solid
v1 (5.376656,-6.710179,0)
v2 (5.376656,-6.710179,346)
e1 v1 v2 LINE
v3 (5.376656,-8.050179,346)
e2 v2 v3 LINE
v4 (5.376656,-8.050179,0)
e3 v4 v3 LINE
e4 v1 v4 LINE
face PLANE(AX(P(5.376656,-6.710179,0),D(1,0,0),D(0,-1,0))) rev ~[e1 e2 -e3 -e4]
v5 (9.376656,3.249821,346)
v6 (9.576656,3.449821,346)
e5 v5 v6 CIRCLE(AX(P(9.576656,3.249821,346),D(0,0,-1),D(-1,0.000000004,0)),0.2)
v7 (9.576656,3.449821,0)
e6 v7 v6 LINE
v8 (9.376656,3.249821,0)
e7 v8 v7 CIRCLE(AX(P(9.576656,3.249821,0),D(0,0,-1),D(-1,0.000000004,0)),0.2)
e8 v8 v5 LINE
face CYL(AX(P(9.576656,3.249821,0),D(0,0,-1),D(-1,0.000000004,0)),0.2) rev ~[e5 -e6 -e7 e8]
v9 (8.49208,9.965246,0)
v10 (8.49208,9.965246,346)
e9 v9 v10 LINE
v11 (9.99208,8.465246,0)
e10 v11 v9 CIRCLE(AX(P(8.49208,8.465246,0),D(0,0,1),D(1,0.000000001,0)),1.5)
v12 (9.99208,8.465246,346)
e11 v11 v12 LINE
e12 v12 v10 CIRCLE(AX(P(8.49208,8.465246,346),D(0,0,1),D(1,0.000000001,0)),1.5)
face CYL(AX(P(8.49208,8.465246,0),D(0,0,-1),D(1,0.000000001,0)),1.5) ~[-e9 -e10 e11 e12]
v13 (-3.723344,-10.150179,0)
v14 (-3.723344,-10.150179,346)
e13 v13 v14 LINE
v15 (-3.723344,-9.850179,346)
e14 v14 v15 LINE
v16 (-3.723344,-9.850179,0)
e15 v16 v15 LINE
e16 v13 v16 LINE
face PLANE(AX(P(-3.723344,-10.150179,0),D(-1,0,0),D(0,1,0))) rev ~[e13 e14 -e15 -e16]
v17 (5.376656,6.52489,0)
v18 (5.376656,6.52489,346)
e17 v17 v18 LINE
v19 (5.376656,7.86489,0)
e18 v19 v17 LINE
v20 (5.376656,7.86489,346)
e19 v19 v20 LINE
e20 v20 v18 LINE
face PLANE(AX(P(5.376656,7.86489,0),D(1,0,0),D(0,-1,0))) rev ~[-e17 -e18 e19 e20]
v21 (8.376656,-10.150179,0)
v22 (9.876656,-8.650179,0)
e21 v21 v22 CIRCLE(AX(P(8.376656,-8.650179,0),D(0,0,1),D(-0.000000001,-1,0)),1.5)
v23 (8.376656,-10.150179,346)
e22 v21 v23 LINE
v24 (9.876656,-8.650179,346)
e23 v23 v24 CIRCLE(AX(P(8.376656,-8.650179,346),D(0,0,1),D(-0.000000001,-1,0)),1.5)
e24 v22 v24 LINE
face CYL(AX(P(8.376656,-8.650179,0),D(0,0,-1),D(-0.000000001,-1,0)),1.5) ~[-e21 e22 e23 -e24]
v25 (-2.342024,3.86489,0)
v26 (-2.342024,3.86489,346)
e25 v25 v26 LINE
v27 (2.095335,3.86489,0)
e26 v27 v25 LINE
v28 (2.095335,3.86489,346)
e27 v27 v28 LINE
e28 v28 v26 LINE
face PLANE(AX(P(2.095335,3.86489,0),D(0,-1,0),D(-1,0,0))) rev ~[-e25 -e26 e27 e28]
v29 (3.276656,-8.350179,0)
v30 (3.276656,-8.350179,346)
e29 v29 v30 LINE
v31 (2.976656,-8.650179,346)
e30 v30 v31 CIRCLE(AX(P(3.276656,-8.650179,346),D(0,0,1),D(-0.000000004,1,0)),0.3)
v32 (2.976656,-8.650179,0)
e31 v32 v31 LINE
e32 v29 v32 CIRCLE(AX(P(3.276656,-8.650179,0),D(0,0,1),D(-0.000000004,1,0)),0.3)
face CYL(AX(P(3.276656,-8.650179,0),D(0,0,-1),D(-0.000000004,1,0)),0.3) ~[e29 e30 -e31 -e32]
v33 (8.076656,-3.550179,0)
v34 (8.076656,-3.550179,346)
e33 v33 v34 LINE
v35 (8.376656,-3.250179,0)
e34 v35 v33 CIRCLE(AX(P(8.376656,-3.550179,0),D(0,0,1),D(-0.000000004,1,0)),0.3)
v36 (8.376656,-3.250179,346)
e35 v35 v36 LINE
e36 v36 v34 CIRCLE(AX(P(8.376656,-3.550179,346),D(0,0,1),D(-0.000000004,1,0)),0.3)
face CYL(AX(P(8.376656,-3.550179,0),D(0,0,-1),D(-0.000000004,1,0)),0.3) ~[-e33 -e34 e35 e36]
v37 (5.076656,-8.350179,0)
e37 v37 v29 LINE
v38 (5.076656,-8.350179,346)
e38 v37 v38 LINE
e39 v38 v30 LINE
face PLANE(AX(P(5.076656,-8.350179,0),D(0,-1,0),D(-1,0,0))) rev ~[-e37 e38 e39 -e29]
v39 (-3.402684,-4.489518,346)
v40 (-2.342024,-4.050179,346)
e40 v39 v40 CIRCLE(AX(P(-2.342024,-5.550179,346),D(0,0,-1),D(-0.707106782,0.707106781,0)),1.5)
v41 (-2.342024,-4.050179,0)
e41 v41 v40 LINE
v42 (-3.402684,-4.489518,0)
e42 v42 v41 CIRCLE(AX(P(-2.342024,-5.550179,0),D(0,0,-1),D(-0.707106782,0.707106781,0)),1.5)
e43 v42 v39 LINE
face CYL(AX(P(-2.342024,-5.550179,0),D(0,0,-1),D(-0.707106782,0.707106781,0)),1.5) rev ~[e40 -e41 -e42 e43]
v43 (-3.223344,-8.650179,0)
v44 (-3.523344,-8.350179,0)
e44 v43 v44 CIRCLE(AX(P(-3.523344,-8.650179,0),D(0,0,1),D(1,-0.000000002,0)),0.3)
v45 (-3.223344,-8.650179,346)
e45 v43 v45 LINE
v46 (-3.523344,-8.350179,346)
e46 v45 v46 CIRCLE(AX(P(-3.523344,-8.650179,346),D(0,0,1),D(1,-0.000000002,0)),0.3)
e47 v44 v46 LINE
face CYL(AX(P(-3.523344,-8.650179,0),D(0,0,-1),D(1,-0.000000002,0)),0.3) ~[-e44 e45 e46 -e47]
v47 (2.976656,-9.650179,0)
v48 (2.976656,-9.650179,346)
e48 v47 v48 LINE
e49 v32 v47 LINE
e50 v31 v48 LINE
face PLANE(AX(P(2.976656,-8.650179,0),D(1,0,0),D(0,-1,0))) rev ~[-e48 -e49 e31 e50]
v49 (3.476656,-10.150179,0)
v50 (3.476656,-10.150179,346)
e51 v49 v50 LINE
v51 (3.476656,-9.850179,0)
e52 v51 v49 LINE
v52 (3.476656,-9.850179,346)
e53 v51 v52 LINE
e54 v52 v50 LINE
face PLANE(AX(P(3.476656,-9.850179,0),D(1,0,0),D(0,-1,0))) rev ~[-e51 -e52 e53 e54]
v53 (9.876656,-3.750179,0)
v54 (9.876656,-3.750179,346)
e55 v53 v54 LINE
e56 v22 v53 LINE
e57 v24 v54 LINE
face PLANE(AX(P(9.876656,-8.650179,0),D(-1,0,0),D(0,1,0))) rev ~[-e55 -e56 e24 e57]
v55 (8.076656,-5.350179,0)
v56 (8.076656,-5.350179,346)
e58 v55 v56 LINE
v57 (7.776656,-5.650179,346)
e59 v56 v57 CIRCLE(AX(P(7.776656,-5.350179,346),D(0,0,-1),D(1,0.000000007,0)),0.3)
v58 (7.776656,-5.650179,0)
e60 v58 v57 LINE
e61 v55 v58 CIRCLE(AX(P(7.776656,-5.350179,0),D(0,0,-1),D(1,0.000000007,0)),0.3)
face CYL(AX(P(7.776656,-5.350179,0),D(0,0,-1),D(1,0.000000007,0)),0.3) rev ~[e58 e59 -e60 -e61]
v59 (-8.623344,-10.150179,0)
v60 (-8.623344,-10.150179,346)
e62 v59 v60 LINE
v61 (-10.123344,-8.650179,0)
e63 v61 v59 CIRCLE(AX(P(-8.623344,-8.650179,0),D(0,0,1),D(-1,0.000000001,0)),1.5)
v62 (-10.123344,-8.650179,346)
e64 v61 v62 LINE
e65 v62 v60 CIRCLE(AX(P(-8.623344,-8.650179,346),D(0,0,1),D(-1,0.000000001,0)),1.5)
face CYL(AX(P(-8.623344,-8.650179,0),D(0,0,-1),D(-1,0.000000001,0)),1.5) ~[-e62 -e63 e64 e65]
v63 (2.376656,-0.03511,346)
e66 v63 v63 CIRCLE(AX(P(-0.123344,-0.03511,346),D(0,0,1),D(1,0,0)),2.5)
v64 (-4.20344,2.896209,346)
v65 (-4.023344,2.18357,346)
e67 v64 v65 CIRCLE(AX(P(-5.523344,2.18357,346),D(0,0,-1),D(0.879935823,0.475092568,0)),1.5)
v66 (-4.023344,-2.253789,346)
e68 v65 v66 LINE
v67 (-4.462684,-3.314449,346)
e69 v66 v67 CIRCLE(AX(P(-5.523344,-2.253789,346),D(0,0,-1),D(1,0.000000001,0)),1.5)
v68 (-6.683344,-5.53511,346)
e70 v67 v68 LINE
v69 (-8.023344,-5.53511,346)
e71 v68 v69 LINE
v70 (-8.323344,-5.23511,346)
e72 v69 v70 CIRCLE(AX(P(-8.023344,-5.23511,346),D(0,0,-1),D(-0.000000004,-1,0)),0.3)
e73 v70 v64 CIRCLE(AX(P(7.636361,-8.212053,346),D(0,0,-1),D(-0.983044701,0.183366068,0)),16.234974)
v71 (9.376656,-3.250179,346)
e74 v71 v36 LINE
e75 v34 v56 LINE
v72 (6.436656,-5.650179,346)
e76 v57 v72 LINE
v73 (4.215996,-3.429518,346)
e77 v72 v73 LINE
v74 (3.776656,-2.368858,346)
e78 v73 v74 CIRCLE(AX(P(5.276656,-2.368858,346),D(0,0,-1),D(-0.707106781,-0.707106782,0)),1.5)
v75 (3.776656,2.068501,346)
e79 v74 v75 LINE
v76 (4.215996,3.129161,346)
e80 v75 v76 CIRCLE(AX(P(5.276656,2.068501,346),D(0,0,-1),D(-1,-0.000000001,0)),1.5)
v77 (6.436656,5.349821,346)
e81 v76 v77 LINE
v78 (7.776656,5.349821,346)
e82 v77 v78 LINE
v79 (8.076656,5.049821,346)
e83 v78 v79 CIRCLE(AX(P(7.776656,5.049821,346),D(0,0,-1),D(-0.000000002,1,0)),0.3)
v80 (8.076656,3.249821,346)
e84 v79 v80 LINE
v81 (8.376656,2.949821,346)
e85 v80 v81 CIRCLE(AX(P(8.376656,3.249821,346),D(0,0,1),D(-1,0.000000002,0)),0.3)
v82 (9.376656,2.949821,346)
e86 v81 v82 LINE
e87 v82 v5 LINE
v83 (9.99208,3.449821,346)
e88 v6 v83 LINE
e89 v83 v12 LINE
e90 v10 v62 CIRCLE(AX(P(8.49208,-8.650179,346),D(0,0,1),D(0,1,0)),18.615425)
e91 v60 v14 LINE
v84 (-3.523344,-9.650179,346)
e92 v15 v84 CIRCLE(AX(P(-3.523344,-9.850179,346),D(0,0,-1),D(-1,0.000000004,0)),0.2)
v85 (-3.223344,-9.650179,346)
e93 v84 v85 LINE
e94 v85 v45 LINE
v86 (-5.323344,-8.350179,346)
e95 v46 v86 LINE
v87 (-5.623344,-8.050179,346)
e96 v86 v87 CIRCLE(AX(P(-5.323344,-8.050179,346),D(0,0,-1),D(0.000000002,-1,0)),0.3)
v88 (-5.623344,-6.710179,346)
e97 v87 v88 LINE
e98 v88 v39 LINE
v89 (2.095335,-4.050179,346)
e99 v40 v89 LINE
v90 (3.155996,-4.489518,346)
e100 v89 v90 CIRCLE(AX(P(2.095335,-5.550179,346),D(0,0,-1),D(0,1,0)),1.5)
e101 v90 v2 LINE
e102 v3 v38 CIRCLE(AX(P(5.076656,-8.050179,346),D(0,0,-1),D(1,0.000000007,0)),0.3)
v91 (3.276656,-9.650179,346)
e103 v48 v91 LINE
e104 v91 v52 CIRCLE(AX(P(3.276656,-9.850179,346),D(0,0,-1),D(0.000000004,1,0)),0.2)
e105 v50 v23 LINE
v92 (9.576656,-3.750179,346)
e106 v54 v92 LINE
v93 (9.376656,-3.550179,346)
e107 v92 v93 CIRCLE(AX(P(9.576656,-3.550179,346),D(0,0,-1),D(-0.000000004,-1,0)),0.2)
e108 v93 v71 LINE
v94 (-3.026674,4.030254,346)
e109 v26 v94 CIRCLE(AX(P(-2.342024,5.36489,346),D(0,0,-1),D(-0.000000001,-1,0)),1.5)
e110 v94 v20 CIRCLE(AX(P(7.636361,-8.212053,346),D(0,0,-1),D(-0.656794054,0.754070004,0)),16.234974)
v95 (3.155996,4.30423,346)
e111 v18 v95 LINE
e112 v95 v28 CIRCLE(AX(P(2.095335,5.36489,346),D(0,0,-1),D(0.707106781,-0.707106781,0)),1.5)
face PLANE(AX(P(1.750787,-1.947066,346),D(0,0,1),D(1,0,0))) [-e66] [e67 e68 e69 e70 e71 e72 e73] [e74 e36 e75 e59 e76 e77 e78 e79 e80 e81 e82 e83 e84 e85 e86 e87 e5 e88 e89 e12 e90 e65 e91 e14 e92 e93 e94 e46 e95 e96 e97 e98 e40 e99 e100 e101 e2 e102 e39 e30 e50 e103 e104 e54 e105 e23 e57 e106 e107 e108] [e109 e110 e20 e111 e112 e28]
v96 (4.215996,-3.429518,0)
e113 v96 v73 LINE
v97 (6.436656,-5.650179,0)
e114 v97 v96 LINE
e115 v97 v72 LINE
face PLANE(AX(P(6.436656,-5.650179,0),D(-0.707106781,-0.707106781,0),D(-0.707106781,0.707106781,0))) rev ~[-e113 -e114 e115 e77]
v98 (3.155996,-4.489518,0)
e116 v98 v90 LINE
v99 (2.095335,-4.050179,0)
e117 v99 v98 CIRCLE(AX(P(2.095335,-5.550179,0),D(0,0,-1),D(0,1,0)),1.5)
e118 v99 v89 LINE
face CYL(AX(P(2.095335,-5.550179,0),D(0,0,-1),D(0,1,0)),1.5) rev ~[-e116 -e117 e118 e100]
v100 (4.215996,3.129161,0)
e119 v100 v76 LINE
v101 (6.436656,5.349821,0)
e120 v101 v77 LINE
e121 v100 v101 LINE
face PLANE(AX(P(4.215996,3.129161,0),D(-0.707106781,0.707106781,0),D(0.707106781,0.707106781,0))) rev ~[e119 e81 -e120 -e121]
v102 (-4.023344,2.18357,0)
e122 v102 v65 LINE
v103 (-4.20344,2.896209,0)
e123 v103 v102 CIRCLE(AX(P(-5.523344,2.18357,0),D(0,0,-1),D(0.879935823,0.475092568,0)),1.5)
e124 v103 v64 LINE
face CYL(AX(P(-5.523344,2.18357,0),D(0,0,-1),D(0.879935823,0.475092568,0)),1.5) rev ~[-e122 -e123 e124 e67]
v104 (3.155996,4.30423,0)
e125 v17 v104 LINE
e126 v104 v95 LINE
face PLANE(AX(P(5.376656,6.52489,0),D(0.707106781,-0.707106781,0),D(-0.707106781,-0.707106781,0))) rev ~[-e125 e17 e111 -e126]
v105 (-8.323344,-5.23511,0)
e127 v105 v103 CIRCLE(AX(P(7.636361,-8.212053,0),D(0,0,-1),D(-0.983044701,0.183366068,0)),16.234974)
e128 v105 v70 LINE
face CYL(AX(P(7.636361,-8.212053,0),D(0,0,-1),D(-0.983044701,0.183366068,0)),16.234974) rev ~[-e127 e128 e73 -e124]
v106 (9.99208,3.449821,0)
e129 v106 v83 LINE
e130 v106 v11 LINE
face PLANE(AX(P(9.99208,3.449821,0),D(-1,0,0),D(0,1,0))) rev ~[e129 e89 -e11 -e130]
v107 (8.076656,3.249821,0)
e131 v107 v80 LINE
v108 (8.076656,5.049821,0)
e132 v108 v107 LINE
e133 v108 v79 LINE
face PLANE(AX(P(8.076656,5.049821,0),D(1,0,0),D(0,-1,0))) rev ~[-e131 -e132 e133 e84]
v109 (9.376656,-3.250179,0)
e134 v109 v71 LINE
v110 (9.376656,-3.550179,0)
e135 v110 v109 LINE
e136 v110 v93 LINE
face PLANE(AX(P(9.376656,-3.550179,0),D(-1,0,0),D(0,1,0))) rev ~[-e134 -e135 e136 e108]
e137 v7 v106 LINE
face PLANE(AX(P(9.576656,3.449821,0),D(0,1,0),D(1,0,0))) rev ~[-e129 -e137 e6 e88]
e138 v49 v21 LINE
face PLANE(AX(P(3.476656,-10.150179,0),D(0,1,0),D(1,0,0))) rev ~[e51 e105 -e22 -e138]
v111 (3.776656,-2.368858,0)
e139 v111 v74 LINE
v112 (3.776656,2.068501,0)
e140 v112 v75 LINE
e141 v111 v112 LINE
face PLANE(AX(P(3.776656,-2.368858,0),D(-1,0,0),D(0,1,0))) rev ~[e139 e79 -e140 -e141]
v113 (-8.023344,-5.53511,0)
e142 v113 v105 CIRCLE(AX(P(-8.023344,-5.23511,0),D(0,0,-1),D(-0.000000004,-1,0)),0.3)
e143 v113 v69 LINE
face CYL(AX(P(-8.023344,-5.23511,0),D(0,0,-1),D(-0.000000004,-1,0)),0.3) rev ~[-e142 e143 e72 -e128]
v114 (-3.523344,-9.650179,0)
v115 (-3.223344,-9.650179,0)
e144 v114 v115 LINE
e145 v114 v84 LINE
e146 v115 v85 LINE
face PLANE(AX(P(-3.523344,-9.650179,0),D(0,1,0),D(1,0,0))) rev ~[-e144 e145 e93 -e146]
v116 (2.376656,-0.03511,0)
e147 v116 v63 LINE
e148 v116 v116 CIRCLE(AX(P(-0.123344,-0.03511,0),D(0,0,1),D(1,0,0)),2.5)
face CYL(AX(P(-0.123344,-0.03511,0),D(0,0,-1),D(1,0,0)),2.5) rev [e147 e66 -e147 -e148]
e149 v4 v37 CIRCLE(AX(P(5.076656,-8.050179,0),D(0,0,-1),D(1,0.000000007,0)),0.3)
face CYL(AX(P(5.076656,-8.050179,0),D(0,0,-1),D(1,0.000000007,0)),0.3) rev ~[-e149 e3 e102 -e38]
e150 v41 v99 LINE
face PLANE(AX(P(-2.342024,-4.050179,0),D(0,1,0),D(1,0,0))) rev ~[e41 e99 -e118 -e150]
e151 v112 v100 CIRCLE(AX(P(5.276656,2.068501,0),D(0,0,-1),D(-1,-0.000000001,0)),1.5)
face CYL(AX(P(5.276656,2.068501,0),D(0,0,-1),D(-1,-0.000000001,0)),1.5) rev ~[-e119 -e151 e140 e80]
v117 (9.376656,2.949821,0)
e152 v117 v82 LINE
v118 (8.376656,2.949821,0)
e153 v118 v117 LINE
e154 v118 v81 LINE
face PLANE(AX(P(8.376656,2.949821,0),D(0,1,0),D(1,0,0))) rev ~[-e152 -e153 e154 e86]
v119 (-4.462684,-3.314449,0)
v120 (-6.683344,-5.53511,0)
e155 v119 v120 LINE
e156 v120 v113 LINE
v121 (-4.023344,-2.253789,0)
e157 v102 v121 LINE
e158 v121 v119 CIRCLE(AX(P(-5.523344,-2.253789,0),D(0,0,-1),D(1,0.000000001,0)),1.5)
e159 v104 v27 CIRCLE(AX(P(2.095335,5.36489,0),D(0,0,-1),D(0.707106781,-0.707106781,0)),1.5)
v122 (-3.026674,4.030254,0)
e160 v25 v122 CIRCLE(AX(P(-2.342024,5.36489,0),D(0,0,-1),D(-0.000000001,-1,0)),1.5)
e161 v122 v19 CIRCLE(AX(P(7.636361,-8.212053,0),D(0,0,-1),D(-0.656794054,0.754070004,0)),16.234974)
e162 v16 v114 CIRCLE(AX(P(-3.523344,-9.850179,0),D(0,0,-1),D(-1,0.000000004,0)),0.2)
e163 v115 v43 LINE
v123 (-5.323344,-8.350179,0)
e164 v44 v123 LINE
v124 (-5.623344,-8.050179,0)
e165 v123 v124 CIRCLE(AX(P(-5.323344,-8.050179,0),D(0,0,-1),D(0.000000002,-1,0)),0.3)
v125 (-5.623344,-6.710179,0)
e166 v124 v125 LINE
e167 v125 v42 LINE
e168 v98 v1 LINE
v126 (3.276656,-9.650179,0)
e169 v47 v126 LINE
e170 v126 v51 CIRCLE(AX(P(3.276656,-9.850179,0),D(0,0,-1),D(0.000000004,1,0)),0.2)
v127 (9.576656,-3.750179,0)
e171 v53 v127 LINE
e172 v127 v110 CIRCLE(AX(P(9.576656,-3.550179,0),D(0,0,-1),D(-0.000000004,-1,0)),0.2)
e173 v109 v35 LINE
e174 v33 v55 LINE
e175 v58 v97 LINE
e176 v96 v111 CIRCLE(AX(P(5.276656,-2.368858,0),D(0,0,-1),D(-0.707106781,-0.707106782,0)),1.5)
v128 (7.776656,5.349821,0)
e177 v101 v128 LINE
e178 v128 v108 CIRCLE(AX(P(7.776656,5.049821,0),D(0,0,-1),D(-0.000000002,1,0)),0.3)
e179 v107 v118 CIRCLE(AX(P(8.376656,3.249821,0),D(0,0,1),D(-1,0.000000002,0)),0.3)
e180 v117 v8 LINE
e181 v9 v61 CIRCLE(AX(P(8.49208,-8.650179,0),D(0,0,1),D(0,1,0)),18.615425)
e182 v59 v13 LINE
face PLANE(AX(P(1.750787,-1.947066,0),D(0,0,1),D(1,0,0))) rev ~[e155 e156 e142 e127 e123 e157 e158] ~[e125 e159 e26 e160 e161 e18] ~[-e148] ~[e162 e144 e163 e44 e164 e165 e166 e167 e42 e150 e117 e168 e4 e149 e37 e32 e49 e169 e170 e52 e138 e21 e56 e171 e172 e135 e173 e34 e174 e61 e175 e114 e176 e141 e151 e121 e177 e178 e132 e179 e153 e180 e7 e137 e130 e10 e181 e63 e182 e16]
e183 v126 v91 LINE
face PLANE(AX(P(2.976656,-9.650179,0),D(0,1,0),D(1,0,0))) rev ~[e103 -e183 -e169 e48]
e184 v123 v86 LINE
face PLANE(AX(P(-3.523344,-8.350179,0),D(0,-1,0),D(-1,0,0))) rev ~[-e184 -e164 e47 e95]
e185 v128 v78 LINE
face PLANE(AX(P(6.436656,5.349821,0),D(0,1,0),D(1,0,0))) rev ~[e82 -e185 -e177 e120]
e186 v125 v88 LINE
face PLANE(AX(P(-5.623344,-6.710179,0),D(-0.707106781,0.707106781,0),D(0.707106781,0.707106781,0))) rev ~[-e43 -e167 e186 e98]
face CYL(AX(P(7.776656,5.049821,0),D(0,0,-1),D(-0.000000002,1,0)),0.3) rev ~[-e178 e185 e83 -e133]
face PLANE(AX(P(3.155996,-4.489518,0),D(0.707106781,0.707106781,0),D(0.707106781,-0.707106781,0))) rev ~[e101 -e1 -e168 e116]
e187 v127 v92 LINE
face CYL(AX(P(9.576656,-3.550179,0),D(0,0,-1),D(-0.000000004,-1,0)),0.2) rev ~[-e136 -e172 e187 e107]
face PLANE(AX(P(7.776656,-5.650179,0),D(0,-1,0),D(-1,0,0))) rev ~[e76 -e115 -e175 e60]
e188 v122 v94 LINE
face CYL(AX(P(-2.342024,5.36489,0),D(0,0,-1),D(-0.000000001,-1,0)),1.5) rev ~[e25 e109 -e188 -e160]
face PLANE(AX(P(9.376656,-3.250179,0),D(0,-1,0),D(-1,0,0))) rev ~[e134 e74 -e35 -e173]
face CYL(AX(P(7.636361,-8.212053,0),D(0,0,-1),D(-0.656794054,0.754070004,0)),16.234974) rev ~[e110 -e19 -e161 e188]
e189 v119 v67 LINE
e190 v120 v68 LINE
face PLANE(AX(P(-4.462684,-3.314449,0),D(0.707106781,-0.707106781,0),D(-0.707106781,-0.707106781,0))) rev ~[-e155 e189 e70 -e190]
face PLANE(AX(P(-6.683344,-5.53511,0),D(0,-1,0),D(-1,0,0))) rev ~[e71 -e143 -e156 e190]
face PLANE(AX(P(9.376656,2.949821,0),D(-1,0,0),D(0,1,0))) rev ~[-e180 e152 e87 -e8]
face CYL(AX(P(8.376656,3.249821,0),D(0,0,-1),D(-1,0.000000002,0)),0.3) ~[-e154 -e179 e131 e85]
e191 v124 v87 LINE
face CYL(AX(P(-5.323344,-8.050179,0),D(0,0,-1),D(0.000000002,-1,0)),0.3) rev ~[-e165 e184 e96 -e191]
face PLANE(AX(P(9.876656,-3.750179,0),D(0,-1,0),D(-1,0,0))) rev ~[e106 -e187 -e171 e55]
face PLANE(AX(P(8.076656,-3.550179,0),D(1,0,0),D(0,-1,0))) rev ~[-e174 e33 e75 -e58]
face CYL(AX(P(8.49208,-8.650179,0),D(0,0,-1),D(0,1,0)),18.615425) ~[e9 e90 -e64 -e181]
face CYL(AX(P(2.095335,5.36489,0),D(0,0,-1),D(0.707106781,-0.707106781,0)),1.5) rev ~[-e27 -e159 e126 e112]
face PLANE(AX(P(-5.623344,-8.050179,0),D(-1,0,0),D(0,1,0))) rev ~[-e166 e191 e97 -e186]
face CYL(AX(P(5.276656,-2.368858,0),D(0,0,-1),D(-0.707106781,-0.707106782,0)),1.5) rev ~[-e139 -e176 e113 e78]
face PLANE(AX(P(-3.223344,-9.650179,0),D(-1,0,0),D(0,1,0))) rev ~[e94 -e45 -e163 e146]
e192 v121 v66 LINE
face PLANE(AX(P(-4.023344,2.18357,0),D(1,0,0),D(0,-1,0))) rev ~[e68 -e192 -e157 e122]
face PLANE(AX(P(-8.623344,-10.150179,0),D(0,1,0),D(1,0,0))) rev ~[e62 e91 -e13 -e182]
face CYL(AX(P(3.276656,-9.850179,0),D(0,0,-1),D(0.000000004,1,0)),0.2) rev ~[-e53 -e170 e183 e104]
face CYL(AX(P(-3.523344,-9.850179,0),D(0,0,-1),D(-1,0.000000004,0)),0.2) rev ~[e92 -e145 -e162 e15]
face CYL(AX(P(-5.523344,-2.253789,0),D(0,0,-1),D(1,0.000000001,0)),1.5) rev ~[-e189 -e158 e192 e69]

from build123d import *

# Parameters (mm, degrees)
SKETCH_1_R      = 2.5
EXTRUDE_1_DEPTH = 346


with BuildPart() as part:
    # 草图1 → 凸台-拉伸1 (new body)
    with BuildSketch(Plane.XY):
        with BuildLine():
            Line((4.215995631, 3.129161171), (6.436655803, 5.349821343))
            Line((6.436655803, 5.349821343), (7.776655803, 5.349821343))
            ThreePointArc((7.776655803, 5.349821343), (7.988787838, 5.261953377), (8.076655803, 5.049821343))
            Line((8.076655803, 5.049821343), (8.076655803, 3.249821343))
            ThreePointArc((8.076655803, 3.249821343), (8.164523769, 3.037689308), (8.376655803, 2.949821343))
            Line((8.376655803, 2.949821343), (9.376655803, 2.949821343))
            Line((9.376655803, 2.949821343), (9.376655803, 3.249821343))
            ThreePointArc((9.376655803, 3.249821343), (9.435234447, 3.391242699), (9.576655803, 3.449821343))
            Line((9.576655803, 3.449821343), (9.99208048, 3.449821343))
            Line((9.99208048, 3.449821343), (9.99208048, 8.46524602))
            ThreePointArc((9.99208048, 8.46524602), (9.552740652, 9.525906191), (8.49208048, 9.96524602))
            ThreePointArc((8.49208048, 9.96524602), (-4.671012544, 4.512914366), (-10.123344197, -8.650178657))
            ThreePointArc((-10.123344197, -8.650178657), (-9.684004369, -9.710838829), (-8.623344197, -10.150178657))
            Line((-8.623344197, -10.150178657), (-3.723344197, -10.150178657))
            Line((-3.723344197, -10.150178657), (-3.723344197, -9.850178657))
            ThreePointArc((-3.723344197, -9.850178657), (-3.664765553, -9.708757301), (-3.523344197, -9.650178657))
            Line((-3.523344197, -9.650178657), (-3.223344197, -9.650178657))
            Line((-3.223344197, -9.650178657), (-3.223344197, -8.650178657))
            ThreePointArc((-3.223344197, -8.650178657), (-3.311212162, -8.438046623), (-3.523344197, -8.350178657))
            Line((-3.523344197, -8.350178657), (-5.323344197, -8.350178657))
            ThreePointArc((-5.323344197, -8.350178657), (-5.535476231, -8.262310692), (-5.623344197, -8.050178657))
            Line((-5.623344197, -8.050178657), (-5.623344197, -6.710178657))
            Line((-5.623344197, -6.710178657), (-3.402684025, -4.489518485))
            ThreePointArc((-3.402684025, -4.489518485), (-2.916049002, -4.164359358), (-2.342023853, -4.050178657))
            Line((-2.342023853, -4.050178657), (2.09533546, -4.050178657))
            ThreePointArc((2.09533546, -4.050178657), (2.669360608, -4.164359358), (3.155995631, -4.489518485))
            Line((3.155995631, -4.489518485), (5.376655803, -6.710178657))
            Line((5.376655803, -6.710178657), (5.376655803, -8.050178657))
            ThreePointArc((5.376655803, -8.050178657), (5.288787838, -8.262310692), (5.076655803, -8.350178657))
            Line((5.076655803, -8.350178657), (3.276655803, -8.350178657))
            ThreePointArc((3.276655803, -8.350178657), (3.064523769, -8.438046623), (2.976655803, -8.650178657))
            Line((2.976655803, -8.650178657), (2.976655803, -9.650178657))
            Line((2.976655803, -9.650178657), (3.276655803, -9.650178657))
            ThreePointArc((3.276655803, -9.650178657), (3.418077159, -9.708757301), (3.476655803, -9.850178657))
            Line((3.476655803, -9.850178657), (3.476655803, -10.150178657))
            Line((3.476655803, -10.150178657), (8.376655803, -10.150178657))
            ThreePointArc((8.376655803, -10.150178657), (9.437315975, -9.710838829), (9.876655803, -8.650178657))
            Line((9.876655803, -8.650178657), (9.876655803, -3.750178657))
            Line((9.876655803, -3.750178657), (9.576655803, -3.750178657))
            ThreePointArc((9.576655803, -3.750178657), (9.435234447, -3.691600013), (9.376655803, -3.550178657))
            Line((9.376655803, -3.550178657), (9.376655803, -3.250178657))
            Line((9.376655803, -3.250178657), (8.376655803, -3.250178657))
            ThreePointArc((8.376655803, -3.250178657), (8.164523769, -3.338046623), (8.076655803, -3.550178657))
            Line((8.076655803, -3.550178657), (8.076655803, -5.350178657))
            ThreePointArc((8.076655803, -5.350178657), (7.988787838, -5.562310692), (7.776655803, -5.650178657))
            Line((7.776655803, -5.650178657), (6.436655803, -5.650178657))
            Line((6.436655803, -5.650178657), (4.215995631, -3.429518485))
            ThreePointArc((4.215995631, -3.429518485), (3.890836504, -2.942883462), (3.776655803, -2.368858314))
            Line((3.776655803, -2.368858314), (3.776655803, 2.068500999))
            ThreePointArc((3.776655803, 2.068500999), (3.890836504, 2.642526148), (4.215995631, 3.129161171))
        make_face()
        with Locations((-0.123344197, -0.035109627)):
            Circle(SKETCH_1_R, mode=Mode.SUBTRACT)
        with BuildLine():
            Line((5.376655803, 7.864890373), (5.376655803, 6.524890373))
            Line((5.376655803, 6.524890373), (3.155995631, 4.304230202))
            ThreePointArc((3.155995631, 4.304230202), (2.669360608, 3.979071075), (2.09533546, 3.864890373))
            Line((2.09533546, 3.864890373), (-2.342023853, 3.864890373))
            ThreePointArc((-2.342023853, 3.864890373), (-2.69419221, 3.906817176), (-3.026673509, 4.030253775))
            ThreePointArc((-3.026673509, 4.030253775), (0.896523465, 6.557813899), (5.376655803, 7.864890373))
        make_face(mode=Mode.SUBTRACT)
        with BuildLine():
            Line((-4.023344197, 2.18357003), (-4.023344197, -2.253789283))
            ThreePointArc((-4.023344197, -2.253789283), (-4.137524898, -2.827814432), (-4.462684025, -3.314449455))
            Line((-4.462684025, -3.314449455), (-6.683344197, -5.535109627))
            Line((-6.683344197, -5.535109627), (-8.023344197, -5.535109627))
            ThreePointArc((-8.023344197, -5.535109627), (-8.235476231, -5.447241661), (-8.323344197, -5.235109627))
            ThreePointArc((-8.323344197, -5.235109627), (-6.845791054, -0.874365796), (-4.203440462, 2.89620888))
            ThreePointArc((-4.203440462, 2.89620888), (-4.069065062, 2.551091728), (-4.023344197, 2.18357003))
        make_face(mode=Mode.SUBTRACT)
    extrude(amount=EXTRUDE_1_DEPTH)


solid = part.part
